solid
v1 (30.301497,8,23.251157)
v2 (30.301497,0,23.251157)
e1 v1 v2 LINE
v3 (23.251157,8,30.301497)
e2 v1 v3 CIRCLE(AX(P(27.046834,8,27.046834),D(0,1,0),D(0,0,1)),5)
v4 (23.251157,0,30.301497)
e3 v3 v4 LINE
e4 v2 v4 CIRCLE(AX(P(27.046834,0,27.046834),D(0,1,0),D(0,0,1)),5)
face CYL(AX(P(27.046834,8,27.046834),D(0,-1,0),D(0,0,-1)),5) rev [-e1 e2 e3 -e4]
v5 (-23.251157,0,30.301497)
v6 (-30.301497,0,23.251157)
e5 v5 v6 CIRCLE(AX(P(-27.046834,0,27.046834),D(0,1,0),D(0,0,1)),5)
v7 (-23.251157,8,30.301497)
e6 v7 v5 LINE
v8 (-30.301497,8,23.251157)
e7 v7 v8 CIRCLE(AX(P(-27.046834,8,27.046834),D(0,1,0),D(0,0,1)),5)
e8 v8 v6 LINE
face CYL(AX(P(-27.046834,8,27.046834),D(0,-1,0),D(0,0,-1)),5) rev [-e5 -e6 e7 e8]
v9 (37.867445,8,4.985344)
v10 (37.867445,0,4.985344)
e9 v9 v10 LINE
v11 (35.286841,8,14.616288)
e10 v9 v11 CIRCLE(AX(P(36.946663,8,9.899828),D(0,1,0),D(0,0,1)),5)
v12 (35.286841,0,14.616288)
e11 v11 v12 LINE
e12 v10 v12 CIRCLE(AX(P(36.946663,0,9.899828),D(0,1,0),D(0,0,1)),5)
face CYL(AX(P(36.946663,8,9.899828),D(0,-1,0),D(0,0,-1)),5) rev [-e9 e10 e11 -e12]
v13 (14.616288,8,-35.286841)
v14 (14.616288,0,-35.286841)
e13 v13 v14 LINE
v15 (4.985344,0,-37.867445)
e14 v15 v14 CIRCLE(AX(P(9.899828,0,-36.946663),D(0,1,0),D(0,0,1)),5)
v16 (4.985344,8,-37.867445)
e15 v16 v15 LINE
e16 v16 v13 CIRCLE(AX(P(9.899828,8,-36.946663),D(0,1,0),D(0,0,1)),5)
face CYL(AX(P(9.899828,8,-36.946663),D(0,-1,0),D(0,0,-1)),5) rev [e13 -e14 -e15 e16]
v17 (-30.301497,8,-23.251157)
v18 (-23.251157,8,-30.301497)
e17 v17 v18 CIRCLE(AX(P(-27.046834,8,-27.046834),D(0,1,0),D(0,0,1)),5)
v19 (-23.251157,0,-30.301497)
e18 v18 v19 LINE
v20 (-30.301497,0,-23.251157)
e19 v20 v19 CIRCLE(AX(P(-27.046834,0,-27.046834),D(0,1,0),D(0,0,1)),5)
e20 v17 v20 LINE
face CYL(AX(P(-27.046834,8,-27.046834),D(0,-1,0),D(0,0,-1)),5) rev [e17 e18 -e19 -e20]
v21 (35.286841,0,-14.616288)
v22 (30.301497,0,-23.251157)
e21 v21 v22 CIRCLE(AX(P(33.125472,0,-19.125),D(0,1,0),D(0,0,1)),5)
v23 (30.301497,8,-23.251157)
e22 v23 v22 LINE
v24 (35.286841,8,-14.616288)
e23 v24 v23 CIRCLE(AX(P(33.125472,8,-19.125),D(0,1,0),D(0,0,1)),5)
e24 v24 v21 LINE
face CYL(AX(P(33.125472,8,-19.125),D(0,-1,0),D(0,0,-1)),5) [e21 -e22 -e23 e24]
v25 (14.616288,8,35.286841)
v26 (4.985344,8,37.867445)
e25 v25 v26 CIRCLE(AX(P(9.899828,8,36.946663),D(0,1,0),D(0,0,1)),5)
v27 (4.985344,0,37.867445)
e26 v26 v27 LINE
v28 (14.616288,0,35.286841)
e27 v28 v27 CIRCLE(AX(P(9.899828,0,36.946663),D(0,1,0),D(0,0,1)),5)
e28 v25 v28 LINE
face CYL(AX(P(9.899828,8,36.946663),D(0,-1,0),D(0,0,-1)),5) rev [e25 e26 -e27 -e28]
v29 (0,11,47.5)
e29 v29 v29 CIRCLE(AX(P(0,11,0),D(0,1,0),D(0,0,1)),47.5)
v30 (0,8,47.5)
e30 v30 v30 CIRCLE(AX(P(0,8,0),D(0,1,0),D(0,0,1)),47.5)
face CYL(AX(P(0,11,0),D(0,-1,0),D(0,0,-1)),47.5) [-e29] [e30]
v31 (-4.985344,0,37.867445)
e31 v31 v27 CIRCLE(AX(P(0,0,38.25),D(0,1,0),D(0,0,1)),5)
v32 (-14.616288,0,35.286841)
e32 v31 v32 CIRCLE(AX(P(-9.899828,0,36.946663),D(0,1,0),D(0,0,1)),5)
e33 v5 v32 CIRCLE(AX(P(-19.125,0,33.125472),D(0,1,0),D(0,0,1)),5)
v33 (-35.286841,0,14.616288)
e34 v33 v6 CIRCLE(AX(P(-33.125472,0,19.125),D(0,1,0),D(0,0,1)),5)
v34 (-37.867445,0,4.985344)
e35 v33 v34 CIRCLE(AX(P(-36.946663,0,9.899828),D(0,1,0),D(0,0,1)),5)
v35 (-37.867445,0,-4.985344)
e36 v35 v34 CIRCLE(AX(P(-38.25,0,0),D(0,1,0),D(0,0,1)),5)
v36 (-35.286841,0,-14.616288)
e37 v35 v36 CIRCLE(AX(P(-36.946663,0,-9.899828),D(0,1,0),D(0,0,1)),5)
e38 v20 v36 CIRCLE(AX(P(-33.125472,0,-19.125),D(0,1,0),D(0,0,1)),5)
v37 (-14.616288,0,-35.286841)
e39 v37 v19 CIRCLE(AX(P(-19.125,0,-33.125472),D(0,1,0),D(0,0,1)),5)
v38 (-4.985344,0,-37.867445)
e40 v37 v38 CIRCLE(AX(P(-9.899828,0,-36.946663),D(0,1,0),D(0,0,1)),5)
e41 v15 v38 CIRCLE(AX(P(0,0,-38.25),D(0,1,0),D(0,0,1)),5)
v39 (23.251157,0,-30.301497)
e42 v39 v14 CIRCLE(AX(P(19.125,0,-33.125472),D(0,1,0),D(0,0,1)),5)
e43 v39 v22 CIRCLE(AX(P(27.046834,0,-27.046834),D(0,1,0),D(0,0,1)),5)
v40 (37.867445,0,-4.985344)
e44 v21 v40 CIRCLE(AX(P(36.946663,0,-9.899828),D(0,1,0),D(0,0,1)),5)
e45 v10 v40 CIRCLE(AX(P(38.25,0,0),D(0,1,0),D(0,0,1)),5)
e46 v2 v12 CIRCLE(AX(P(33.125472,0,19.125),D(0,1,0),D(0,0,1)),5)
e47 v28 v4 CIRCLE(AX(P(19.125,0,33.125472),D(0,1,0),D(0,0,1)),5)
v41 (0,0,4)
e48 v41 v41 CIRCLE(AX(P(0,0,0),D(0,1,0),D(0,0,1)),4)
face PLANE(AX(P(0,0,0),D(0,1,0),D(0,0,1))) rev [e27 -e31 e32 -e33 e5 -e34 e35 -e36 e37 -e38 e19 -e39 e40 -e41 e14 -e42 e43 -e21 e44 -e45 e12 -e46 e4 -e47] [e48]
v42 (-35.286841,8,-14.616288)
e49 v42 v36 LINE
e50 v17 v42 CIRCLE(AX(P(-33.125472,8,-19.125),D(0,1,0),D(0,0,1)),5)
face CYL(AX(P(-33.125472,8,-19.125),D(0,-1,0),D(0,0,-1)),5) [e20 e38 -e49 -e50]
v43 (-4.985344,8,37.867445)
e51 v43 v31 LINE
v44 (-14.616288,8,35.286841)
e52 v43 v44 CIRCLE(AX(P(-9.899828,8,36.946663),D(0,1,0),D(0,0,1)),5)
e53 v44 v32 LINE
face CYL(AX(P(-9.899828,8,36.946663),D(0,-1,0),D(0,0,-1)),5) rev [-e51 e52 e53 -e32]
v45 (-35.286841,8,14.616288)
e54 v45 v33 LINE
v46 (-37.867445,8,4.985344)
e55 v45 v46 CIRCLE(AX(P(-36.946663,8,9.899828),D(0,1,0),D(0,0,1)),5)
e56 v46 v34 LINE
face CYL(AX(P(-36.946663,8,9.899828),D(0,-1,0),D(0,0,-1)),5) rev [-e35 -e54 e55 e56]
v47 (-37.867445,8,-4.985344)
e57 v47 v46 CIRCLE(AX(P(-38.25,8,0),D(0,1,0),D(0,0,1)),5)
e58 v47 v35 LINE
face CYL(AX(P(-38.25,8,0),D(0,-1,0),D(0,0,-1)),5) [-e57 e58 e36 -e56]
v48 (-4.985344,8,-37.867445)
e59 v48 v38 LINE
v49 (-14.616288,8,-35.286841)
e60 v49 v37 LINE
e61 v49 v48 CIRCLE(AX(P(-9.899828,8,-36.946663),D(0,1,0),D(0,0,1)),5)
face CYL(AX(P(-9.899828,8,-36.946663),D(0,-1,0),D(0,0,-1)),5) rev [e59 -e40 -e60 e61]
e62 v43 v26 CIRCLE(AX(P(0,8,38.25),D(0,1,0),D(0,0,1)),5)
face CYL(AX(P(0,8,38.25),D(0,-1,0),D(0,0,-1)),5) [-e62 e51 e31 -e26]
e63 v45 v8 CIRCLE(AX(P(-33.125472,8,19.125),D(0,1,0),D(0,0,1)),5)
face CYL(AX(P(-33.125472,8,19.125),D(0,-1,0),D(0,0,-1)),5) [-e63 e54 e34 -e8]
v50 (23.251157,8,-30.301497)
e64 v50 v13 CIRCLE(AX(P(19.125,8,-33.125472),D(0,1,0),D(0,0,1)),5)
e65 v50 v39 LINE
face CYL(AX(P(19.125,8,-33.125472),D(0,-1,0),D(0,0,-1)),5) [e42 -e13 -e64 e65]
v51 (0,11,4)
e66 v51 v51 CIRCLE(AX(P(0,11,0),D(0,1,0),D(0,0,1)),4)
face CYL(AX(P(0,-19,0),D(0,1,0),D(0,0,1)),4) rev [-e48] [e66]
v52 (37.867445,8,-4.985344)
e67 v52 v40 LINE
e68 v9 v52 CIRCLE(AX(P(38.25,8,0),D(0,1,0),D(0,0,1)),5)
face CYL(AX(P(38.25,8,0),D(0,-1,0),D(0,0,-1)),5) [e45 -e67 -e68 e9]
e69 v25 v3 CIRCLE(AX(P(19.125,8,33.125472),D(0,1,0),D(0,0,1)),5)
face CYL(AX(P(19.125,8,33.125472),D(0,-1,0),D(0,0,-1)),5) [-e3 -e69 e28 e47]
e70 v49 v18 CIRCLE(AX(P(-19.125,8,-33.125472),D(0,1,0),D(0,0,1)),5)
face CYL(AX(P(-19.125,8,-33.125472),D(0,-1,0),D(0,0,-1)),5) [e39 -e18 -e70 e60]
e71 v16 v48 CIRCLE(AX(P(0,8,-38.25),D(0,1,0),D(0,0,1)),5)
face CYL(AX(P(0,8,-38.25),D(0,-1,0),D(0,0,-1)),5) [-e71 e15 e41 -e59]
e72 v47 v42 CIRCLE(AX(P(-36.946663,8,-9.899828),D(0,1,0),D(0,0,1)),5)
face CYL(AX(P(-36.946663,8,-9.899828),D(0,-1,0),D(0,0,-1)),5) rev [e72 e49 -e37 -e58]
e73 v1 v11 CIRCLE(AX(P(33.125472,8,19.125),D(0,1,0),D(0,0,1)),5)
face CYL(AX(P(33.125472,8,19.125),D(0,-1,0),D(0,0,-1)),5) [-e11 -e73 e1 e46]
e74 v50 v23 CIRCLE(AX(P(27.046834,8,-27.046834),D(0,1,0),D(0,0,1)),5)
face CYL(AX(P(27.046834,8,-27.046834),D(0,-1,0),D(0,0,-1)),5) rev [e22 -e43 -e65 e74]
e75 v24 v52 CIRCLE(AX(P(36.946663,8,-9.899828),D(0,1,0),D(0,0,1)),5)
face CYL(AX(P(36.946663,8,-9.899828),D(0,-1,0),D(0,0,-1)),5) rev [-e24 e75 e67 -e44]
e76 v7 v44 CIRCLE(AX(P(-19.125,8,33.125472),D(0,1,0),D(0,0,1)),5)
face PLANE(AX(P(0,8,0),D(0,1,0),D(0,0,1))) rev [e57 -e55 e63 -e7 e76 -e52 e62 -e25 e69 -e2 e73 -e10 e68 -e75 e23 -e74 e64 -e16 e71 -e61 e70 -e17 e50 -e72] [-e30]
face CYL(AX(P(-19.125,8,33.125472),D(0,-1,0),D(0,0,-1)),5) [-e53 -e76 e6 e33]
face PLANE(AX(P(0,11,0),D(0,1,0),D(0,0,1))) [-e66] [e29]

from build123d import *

# Parameters (mm, degrees)
BOSS_EXTRUDE1_DEPTH = 8
SKETCH3_R           = 47.5
BOSS_EXTRUDE2_DEPTH = 3
SKETCH4_R           = 4
CUT_EXTRUDE1_DEPTH  = 30


with BuildPart() as part:
    # Sketch1 → Boss-Extrude1 (new body)
    with BuildSketch(Plane(origin=(0, 0, 0), x_dir=(1, 0, 0), z_dir=(0, 1, 0))):
        with BuildLine():
            ThreePointArc((37.867444544, -4.985343651), (43.25, 0), (37.867444544, 4.985343651))
            ThreePointArc((37.867444544, 4.985343651), (32.117033724, 8.60573325), (35.286840777, 14.616288023))
            ThreePointArc((35.286840777, 14.616288023), (37.455598714, 21.625), (30.301497126, 23.251156521))
            ThreePointArc((30.301497126, 23.251156521), (23.511300474, 23.511300474), (23.251156521, 30.301497126))
            ThreePointArc((23.251156521, 30.301497126), (21.625, 37.455598714), (14.616288023, 35.286840777))
            ThreePointArc((14.616288023, 35.286840777), (8.60573325, 32.117033724), (4.985343651, 37.867444544))
            ThreePointArc((4.985343651, 37.867444544), (0, 43.25), (-4.985343651, 37.867444544))
            ThreePointArc((-4.985343651, 37.867444544), (-8.60573325, 32.117033724), (-14.616288023, 35.286840777))
            ThreePointArc((-14.616288023, 35.286840777), (-21.625, 37.455598714), (-23.251156521, 30.301497126))
            ThreePointArc((-23.251156521, 30.301497126), (-23.511300474, 23.511300474), (-30.301497126, 23.251156521))
            ThreePointArc((-30.301497126, 23.251156521), (-37.455598714, 21.625), (-35.286840777, 14.616288023))
            ThreePointArc((-35.286840777, 14.616288023), (-32.117033724, 8.60573325), (-37.867444544, 4.985343651))
            ThreePointArc((-37.867444544, 4.985343651), (-43.25, 0), (-37.867444544, -4.985343651))
            ThreePointArc((-37.867444544, -4.985343651), (-32.117033724, -8.60573325), (-35.286840777, -14.616288023))
            ThreePointArc((-35.286840777, -14.616288023), (-37.455598714, -21.625), (-30.301497126, -23.251156521))
            ThreePointArc((-30.301497126, -23.251156521), (-23.511300474, -23.511300474), (-23.251156521, -30.301497126))
            ThreePointArc((-23.251156521, -30.301497126), (-21.625, -37.455598714), (-14.616288023, -35.286840777))
            ThreePointArc((-14.616288023, -35.286840777), (-8.60573325, -32.117033724), (-4.985343651, -37.867444544))
            ThreePointArc((-4.985343651, -37.867444544), (0, -43.25), (4.985343651, -37.867444544))
            ThreePointArc((4.985343651, -37.867444544), (8.60573325, -32.117033724), (14.616288023, -35.286840777))
            ThreePointArc((14.616288023, -35.286840777), (21.625, -37.455598714), (23.251156521, -30.301497126))
            ThreePointArc((23.251156521, -30.301497126), (23.511300474, -23.511300474), (30.301497126, -23.251156521))
            ThreePointArc((30.301497126, -23.251156521), (37.455598714, -21.625), (35.286840777, -14.616288023))
            ThreePointArc((35.286840777, -14.616288023), (32.117033724, -8.60573325), (37.867444544, -4.985343651))
        make_face()
    extrude(amount=BOSS_EXTRUDE1_DEPTH)

    # Sketch3 → Boss-Extrude2 (add)
    with BuildSketch(Plane(origin=(0, 8, 0), x_dir=(1, 0, 0), z_dir=(0, 1, 0))):
        Circle(SKETCH3_R)
    extrude(amount=BOSS_EXTRUDE2_DEPTH)

    # Sketch4 → Cut-Extrude1 (cut)
    with BuildSketch(Plane(origin=(0, 11, 0), x_dir=(1, 0, 0), z_dir=(0, 1, 0))):
        Circle(SKETCH4_R)
    extrude(amount=-CUT_EXTRUDE1_DEPTH, mode=Mode.SUBTRACT)


solid = part.part
